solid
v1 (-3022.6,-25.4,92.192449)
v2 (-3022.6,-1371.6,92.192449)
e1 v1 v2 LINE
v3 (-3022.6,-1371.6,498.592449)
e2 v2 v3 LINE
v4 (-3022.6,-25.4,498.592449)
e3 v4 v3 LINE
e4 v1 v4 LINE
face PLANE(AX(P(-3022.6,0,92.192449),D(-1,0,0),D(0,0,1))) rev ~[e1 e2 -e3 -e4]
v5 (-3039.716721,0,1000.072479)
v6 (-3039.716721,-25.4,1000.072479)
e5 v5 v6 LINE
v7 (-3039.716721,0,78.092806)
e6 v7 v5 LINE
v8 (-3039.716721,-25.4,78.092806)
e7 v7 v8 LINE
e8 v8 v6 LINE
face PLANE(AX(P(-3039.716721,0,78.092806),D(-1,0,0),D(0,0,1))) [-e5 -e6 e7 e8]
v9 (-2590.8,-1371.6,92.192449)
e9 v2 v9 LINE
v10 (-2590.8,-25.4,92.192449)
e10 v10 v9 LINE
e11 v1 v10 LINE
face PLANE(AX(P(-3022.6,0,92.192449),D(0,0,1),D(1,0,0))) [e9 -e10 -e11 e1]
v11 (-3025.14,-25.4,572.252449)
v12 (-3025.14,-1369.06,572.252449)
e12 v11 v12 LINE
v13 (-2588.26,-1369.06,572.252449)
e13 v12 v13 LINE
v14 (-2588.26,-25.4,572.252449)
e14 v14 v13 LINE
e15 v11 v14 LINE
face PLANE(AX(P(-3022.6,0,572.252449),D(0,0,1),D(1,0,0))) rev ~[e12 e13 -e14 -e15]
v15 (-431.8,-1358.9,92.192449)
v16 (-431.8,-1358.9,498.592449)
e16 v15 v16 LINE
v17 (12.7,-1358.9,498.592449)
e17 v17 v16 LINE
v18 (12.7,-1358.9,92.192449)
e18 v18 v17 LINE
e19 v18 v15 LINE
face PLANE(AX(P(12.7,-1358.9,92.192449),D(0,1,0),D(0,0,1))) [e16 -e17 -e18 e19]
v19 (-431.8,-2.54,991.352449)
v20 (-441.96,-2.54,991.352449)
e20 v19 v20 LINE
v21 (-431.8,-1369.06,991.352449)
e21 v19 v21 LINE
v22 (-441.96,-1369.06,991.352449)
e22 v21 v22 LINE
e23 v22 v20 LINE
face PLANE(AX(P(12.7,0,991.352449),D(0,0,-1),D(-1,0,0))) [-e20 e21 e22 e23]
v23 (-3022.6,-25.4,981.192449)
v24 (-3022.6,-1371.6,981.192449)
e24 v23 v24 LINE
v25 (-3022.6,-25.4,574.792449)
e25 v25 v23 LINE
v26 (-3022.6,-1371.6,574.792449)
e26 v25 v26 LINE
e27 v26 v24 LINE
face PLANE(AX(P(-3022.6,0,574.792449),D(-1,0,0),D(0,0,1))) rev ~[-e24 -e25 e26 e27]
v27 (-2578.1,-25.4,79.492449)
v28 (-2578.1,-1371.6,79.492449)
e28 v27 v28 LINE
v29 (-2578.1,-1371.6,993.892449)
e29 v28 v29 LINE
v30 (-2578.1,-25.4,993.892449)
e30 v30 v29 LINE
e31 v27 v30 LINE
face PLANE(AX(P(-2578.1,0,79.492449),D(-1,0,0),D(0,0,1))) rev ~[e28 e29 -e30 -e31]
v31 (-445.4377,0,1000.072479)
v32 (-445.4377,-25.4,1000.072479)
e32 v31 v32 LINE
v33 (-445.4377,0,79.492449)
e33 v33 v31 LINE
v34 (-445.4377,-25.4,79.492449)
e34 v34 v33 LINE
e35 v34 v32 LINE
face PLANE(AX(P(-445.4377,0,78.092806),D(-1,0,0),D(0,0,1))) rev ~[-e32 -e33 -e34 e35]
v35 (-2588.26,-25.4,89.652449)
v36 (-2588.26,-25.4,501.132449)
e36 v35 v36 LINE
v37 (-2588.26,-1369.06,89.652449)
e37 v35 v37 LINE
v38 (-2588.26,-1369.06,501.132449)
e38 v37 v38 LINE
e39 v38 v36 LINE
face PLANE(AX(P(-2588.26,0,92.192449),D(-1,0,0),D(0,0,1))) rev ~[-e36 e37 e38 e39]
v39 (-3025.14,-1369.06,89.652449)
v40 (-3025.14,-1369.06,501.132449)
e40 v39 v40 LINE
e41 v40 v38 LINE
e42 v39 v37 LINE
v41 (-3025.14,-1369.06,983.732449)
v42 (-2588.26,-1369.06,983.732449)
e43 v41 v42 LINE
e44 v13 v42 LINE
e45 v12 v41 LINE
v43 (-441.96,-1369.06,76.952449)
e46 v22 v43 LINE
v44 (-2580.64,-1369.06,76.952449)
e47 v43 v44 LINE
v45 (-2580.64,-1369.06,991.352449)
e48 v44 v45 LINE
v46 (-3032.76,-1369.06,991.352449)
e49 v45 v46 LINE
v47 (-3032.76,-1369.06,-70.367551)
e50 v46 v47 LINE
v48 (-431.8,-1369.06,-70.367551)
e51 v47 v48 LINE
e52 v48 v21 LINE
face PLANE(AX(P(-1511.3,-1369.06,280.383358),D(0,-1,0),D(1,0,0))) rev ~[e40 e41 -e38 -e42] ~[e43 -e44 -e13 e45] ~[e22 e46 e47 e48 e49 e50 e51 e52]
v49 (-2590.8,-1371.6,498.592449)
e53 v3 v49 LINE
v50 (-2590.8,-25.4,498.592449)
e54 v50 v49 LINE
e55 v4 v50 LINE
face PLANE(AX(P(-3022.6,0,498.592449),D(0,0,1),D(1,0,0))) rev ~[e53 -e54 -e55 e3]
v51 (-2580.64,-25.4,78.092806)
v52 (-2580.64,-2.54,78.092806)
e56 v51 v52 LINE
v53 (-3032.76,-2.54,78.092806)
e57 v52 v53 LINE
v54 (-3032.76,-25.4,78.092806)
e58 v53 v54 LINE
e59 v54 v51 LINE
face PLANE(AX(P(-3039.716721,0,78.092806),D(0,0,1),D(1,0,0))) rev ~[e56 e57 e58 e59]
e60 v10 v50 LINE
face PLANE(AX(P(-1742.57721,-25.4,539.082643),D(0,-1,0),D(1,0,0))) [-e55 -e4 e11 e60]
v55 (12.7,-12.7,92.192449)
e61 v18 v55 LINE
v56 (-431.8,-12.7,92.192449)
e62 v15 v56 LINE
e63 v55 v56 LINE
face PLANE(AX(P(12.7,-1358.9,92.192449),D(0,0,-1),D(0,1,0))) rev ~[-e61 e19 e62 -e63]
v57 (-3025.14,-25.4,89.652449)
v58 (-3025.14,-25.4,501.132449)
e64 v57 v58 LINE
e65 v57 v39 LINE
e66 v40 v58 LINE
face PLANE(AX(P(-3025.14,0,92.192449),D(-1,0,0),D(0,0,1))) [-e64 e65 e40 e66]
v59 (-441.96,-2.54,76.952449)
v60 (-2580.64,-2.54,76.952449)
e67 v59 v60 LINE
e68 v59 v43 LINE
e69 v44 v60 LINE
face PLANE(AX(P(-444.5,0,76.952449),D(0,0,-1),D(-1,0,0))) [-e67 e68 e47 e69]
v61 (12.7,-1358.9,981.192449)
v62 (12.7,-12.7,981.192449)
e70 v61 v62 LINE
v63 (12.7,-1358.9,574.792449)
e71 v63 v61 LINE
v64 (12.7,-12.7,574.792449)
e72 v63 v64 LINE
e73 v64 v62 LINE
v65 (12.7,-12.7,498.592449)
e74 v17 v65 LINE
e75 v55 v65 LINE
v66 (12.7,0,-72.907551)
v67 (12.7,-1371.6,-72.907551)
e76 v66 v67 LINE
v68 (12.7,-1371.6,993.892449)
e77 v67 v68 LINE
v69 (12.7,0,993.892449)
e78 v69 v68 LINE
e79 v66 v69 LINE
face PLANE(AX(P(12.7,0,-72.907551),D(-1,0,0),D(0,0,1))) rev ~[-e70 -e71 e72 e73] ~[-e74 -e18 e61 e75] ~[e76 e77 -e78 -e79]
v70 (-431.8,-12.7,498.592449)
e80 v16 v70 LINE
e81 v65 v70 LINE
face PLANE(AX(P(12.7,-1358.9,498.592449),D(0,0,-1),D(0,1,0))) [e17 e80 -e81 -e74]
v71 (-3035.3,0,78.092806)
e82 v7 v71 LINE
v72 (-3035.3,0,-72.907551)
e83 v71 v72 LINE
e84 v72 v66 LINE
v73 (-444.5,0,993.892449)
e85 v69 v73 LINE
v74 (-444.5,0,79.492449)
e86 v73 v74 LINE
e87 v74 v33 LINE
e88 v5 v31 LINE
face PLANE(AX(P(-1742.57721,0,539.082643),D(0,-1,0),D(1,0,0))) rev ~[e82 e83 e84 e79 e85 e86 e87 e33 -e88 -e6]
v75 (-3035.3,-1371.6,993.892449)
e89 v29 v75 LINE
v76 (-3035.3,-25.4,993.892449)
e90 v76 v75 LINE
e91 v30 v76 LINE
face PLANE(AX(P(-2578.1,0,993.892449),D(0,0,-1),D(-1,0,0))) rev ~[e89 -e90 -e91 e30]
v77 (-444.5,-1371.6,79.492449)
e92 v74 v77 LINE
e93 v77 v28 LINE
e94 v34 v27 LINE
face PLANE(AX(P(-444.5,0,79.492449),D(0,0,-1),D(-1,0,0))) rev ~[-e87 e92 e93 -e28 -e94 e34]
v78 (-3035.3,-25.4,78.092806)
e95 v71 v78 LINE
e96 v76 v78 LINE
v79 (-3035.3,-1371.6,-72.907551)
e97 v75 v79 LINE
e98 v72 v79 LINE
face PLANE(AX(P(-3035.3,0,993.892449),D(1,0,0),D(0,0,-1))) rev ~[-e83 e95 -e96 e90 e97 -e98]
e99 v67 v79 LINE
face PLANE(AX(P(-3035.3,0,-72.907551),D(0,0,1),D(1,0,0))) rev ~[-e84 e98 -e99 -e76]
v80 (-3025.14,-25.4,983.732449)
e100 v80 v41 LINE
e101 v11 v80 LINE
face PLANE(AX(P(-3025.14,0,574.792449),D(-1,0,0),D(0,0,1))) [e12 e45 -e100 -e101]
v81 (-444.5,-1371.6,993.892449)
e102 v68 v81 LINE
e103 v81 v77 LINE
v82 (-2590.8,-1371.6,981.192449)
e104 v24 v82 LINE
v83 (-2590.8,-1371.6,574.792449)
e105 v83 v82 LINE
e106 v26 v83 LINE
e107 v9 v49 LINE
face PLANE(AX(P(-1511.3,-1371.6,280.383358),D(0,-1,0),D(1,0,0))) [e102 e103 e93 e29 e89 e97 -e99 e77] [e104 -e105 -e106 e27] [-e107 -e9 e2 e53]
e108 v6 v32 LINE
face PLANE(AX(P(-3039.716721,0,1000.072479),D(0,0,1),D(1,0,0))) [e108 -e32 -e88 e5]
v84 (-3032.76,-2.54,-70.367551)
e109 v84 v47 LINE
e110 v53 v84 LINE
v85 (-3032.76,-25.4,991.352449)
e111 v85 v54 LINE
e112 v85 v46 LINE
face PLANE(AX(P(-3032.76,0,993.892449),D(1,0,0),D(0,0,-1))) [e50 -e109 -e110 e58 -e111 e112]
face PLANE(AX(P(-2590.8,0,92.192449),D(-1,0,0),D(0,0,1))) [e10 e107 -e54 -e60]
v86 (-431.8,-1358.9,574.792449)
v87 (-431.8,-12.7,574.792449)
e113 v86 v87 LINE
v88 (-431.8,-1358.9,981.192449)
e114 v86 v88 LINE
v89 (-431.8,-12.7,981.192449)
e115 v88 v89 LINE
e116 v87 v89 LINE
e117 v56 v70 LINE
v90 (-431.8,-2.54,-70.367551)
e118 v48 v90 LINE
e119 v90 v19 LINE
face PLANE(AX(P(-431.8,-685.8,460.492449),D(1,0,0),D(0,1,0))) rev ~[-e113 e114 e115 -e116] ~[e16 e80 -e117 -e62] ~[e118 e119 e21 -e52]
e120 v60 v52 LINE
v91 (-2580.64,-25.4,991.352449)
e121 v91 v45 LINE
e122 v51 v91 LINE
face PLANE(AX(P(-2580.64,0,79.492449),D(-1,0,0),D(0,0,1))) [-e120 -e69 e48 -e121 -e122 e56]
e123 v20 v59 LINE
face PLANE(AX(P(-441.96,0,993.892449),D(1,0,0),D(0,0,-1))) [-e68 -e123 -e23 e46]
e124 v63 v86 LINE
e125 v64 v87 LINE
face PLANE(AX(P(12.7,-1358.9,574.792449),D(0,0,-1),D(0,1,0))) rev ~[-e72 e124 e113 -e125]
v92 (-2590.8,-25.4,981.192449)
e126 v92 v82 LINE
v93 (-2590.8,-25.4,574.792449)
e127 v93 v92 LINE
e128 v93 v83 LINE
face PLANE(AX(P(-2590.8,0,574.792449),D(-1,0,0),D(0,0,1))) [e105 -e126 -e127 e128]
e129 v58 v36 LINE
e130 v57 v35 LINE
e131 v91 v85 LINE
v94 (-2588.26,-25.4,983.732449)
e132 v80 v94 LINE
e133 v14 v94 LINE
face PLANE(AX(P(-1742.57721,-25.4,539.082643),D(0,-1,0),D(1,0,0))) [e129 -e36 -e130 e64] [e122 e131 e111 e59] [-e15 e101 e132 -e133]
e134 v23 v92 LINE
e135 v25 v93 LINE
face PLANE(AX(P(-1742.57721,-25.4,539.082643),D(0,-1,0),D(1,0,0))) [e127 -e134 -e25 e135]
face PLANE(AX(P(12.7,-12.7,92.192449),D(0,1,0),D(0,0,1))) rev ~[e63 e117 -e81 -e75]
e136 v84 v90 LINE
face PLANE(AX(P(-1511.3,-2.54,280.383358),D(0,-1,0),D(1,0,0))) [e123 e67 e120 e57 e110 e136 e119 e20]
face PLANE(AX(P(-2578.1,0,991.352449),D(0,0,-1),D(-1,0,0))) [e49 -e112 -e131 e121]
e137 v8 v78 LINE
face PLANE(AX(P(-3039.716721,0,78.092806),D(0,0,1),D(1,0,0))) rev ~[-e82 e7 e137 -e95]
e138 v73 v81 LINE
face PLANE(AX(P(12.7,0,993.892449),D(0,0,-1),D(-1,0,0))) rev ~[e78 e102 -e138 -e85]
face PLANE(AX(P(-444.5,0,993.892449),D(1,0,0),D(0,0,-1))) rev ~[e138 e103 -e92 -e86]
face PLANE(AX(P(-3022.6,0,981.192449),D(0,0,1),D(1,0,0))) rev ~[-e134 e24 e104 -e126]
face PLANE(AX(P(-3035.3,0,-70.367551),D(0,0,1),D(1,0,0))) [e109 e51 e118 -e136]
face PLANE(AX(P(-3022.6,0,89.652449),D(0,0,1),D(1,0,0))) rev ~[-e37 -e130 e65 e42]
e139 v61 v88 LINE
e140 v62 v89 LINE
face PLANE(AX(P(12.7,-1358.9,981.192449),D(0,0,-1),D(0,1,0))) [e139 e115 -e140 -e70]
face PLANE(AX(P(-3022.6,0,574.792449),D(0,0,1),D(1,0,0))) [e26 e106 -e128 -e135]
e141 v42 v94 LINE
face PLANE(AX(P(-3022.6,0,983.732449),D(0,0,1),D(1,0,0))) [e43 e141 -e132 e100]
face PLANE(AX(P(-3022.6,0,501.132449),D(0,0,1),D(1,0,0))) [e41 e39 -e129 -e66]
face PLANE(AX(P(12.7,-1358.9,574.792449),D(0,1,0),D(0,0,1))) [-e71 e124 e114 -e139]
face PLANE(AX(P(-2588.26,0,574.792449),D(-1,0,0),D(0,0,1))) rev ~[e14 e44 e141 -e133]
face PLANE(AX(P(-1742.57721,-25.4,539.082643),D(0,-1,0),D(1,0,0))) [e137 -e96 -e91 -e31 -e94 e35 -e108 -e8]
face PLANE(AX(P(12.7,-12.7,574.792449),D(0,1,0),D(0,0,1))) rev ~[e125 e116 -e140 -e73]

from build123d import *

# Parameters (mm, degrees)
F0_W     = 431.8
F0_H     = 406.4
F1_DEPTH = 1371.6
F3_T     = -2.54
F2_W     = 1371.6
F2_H     = 1066.8
F2_W_2   = 1346.2
F2_H_2   = 406.4
F4_DEPTH = 444.5
F5_W     = 2594.2790210247
F5_H     = 921.9796732068
F6_DEPTH = 25.4


with BuildPart() as f1:
    # F0 (on Front) → F1 (new body)
    with BuildSketch(Plane.XZ):
        Polygon((-444.5, 79.4924489021), (-2578.1, 79.4924489021), (-2578.1, 993.8924489021), (-3035.3, 993.8924489021), (-3035.3, 79.4924489021), (-3035.3, -72.9075510979), (12.7, -72.9075510979), (12.7, 79.4924489021), (12.7, 993.8924489021), (-444.5, 993.8924489021), align=None)
        with Locations((-2806.7, 295.3924489021)):
            Rectangle(F0_W, F0_H, mode=Mode.SUBTRACT)
        with Locations((-2806.7, 777.9924489021)):
            Rectangle(F0_W, F0_H, mode=Mode.SUBTRACT)
    extrude(amount=F1_DEPTH)

    # F3
    f3_openings = [f1.faces().sort_by_distance(p)[0] for p in [
        (12.7, -685.8, 460.492449),
    ]]
    offset(amount=F3_T, openings=f3_openings, kind=Kind.INTERSECTION)

    # F2 (on face) → F4 (join)
    with BuildSketch(Plane.YZ.offset(12.7)):
        with Locations((-685.8, 460.4924489021)):
            Rectangle(F2_W, F2_H)
        with Locations((-685.8, 295.3924489021)):
            Rectangle(F2_W_2, F2_H_2, mode=Mode.SUBTRACT)
        with Locations((-685.8, 777.9924489021)):
            Rectangle(F2_W_2, F2_H_2, mode=Mode.SUBTRACT)
    extrude(amount=-F4_DEPTH)

    # F5 (on Front) → F6 (join)
    with BuildSketch(Plane.XZ):
        with Locations((-1742.5772100687, 539.0826426446)):
            Rectangle(F5_W, F5_H)
    extrude(amount=F6_DEPTH)


solid = f1.part
